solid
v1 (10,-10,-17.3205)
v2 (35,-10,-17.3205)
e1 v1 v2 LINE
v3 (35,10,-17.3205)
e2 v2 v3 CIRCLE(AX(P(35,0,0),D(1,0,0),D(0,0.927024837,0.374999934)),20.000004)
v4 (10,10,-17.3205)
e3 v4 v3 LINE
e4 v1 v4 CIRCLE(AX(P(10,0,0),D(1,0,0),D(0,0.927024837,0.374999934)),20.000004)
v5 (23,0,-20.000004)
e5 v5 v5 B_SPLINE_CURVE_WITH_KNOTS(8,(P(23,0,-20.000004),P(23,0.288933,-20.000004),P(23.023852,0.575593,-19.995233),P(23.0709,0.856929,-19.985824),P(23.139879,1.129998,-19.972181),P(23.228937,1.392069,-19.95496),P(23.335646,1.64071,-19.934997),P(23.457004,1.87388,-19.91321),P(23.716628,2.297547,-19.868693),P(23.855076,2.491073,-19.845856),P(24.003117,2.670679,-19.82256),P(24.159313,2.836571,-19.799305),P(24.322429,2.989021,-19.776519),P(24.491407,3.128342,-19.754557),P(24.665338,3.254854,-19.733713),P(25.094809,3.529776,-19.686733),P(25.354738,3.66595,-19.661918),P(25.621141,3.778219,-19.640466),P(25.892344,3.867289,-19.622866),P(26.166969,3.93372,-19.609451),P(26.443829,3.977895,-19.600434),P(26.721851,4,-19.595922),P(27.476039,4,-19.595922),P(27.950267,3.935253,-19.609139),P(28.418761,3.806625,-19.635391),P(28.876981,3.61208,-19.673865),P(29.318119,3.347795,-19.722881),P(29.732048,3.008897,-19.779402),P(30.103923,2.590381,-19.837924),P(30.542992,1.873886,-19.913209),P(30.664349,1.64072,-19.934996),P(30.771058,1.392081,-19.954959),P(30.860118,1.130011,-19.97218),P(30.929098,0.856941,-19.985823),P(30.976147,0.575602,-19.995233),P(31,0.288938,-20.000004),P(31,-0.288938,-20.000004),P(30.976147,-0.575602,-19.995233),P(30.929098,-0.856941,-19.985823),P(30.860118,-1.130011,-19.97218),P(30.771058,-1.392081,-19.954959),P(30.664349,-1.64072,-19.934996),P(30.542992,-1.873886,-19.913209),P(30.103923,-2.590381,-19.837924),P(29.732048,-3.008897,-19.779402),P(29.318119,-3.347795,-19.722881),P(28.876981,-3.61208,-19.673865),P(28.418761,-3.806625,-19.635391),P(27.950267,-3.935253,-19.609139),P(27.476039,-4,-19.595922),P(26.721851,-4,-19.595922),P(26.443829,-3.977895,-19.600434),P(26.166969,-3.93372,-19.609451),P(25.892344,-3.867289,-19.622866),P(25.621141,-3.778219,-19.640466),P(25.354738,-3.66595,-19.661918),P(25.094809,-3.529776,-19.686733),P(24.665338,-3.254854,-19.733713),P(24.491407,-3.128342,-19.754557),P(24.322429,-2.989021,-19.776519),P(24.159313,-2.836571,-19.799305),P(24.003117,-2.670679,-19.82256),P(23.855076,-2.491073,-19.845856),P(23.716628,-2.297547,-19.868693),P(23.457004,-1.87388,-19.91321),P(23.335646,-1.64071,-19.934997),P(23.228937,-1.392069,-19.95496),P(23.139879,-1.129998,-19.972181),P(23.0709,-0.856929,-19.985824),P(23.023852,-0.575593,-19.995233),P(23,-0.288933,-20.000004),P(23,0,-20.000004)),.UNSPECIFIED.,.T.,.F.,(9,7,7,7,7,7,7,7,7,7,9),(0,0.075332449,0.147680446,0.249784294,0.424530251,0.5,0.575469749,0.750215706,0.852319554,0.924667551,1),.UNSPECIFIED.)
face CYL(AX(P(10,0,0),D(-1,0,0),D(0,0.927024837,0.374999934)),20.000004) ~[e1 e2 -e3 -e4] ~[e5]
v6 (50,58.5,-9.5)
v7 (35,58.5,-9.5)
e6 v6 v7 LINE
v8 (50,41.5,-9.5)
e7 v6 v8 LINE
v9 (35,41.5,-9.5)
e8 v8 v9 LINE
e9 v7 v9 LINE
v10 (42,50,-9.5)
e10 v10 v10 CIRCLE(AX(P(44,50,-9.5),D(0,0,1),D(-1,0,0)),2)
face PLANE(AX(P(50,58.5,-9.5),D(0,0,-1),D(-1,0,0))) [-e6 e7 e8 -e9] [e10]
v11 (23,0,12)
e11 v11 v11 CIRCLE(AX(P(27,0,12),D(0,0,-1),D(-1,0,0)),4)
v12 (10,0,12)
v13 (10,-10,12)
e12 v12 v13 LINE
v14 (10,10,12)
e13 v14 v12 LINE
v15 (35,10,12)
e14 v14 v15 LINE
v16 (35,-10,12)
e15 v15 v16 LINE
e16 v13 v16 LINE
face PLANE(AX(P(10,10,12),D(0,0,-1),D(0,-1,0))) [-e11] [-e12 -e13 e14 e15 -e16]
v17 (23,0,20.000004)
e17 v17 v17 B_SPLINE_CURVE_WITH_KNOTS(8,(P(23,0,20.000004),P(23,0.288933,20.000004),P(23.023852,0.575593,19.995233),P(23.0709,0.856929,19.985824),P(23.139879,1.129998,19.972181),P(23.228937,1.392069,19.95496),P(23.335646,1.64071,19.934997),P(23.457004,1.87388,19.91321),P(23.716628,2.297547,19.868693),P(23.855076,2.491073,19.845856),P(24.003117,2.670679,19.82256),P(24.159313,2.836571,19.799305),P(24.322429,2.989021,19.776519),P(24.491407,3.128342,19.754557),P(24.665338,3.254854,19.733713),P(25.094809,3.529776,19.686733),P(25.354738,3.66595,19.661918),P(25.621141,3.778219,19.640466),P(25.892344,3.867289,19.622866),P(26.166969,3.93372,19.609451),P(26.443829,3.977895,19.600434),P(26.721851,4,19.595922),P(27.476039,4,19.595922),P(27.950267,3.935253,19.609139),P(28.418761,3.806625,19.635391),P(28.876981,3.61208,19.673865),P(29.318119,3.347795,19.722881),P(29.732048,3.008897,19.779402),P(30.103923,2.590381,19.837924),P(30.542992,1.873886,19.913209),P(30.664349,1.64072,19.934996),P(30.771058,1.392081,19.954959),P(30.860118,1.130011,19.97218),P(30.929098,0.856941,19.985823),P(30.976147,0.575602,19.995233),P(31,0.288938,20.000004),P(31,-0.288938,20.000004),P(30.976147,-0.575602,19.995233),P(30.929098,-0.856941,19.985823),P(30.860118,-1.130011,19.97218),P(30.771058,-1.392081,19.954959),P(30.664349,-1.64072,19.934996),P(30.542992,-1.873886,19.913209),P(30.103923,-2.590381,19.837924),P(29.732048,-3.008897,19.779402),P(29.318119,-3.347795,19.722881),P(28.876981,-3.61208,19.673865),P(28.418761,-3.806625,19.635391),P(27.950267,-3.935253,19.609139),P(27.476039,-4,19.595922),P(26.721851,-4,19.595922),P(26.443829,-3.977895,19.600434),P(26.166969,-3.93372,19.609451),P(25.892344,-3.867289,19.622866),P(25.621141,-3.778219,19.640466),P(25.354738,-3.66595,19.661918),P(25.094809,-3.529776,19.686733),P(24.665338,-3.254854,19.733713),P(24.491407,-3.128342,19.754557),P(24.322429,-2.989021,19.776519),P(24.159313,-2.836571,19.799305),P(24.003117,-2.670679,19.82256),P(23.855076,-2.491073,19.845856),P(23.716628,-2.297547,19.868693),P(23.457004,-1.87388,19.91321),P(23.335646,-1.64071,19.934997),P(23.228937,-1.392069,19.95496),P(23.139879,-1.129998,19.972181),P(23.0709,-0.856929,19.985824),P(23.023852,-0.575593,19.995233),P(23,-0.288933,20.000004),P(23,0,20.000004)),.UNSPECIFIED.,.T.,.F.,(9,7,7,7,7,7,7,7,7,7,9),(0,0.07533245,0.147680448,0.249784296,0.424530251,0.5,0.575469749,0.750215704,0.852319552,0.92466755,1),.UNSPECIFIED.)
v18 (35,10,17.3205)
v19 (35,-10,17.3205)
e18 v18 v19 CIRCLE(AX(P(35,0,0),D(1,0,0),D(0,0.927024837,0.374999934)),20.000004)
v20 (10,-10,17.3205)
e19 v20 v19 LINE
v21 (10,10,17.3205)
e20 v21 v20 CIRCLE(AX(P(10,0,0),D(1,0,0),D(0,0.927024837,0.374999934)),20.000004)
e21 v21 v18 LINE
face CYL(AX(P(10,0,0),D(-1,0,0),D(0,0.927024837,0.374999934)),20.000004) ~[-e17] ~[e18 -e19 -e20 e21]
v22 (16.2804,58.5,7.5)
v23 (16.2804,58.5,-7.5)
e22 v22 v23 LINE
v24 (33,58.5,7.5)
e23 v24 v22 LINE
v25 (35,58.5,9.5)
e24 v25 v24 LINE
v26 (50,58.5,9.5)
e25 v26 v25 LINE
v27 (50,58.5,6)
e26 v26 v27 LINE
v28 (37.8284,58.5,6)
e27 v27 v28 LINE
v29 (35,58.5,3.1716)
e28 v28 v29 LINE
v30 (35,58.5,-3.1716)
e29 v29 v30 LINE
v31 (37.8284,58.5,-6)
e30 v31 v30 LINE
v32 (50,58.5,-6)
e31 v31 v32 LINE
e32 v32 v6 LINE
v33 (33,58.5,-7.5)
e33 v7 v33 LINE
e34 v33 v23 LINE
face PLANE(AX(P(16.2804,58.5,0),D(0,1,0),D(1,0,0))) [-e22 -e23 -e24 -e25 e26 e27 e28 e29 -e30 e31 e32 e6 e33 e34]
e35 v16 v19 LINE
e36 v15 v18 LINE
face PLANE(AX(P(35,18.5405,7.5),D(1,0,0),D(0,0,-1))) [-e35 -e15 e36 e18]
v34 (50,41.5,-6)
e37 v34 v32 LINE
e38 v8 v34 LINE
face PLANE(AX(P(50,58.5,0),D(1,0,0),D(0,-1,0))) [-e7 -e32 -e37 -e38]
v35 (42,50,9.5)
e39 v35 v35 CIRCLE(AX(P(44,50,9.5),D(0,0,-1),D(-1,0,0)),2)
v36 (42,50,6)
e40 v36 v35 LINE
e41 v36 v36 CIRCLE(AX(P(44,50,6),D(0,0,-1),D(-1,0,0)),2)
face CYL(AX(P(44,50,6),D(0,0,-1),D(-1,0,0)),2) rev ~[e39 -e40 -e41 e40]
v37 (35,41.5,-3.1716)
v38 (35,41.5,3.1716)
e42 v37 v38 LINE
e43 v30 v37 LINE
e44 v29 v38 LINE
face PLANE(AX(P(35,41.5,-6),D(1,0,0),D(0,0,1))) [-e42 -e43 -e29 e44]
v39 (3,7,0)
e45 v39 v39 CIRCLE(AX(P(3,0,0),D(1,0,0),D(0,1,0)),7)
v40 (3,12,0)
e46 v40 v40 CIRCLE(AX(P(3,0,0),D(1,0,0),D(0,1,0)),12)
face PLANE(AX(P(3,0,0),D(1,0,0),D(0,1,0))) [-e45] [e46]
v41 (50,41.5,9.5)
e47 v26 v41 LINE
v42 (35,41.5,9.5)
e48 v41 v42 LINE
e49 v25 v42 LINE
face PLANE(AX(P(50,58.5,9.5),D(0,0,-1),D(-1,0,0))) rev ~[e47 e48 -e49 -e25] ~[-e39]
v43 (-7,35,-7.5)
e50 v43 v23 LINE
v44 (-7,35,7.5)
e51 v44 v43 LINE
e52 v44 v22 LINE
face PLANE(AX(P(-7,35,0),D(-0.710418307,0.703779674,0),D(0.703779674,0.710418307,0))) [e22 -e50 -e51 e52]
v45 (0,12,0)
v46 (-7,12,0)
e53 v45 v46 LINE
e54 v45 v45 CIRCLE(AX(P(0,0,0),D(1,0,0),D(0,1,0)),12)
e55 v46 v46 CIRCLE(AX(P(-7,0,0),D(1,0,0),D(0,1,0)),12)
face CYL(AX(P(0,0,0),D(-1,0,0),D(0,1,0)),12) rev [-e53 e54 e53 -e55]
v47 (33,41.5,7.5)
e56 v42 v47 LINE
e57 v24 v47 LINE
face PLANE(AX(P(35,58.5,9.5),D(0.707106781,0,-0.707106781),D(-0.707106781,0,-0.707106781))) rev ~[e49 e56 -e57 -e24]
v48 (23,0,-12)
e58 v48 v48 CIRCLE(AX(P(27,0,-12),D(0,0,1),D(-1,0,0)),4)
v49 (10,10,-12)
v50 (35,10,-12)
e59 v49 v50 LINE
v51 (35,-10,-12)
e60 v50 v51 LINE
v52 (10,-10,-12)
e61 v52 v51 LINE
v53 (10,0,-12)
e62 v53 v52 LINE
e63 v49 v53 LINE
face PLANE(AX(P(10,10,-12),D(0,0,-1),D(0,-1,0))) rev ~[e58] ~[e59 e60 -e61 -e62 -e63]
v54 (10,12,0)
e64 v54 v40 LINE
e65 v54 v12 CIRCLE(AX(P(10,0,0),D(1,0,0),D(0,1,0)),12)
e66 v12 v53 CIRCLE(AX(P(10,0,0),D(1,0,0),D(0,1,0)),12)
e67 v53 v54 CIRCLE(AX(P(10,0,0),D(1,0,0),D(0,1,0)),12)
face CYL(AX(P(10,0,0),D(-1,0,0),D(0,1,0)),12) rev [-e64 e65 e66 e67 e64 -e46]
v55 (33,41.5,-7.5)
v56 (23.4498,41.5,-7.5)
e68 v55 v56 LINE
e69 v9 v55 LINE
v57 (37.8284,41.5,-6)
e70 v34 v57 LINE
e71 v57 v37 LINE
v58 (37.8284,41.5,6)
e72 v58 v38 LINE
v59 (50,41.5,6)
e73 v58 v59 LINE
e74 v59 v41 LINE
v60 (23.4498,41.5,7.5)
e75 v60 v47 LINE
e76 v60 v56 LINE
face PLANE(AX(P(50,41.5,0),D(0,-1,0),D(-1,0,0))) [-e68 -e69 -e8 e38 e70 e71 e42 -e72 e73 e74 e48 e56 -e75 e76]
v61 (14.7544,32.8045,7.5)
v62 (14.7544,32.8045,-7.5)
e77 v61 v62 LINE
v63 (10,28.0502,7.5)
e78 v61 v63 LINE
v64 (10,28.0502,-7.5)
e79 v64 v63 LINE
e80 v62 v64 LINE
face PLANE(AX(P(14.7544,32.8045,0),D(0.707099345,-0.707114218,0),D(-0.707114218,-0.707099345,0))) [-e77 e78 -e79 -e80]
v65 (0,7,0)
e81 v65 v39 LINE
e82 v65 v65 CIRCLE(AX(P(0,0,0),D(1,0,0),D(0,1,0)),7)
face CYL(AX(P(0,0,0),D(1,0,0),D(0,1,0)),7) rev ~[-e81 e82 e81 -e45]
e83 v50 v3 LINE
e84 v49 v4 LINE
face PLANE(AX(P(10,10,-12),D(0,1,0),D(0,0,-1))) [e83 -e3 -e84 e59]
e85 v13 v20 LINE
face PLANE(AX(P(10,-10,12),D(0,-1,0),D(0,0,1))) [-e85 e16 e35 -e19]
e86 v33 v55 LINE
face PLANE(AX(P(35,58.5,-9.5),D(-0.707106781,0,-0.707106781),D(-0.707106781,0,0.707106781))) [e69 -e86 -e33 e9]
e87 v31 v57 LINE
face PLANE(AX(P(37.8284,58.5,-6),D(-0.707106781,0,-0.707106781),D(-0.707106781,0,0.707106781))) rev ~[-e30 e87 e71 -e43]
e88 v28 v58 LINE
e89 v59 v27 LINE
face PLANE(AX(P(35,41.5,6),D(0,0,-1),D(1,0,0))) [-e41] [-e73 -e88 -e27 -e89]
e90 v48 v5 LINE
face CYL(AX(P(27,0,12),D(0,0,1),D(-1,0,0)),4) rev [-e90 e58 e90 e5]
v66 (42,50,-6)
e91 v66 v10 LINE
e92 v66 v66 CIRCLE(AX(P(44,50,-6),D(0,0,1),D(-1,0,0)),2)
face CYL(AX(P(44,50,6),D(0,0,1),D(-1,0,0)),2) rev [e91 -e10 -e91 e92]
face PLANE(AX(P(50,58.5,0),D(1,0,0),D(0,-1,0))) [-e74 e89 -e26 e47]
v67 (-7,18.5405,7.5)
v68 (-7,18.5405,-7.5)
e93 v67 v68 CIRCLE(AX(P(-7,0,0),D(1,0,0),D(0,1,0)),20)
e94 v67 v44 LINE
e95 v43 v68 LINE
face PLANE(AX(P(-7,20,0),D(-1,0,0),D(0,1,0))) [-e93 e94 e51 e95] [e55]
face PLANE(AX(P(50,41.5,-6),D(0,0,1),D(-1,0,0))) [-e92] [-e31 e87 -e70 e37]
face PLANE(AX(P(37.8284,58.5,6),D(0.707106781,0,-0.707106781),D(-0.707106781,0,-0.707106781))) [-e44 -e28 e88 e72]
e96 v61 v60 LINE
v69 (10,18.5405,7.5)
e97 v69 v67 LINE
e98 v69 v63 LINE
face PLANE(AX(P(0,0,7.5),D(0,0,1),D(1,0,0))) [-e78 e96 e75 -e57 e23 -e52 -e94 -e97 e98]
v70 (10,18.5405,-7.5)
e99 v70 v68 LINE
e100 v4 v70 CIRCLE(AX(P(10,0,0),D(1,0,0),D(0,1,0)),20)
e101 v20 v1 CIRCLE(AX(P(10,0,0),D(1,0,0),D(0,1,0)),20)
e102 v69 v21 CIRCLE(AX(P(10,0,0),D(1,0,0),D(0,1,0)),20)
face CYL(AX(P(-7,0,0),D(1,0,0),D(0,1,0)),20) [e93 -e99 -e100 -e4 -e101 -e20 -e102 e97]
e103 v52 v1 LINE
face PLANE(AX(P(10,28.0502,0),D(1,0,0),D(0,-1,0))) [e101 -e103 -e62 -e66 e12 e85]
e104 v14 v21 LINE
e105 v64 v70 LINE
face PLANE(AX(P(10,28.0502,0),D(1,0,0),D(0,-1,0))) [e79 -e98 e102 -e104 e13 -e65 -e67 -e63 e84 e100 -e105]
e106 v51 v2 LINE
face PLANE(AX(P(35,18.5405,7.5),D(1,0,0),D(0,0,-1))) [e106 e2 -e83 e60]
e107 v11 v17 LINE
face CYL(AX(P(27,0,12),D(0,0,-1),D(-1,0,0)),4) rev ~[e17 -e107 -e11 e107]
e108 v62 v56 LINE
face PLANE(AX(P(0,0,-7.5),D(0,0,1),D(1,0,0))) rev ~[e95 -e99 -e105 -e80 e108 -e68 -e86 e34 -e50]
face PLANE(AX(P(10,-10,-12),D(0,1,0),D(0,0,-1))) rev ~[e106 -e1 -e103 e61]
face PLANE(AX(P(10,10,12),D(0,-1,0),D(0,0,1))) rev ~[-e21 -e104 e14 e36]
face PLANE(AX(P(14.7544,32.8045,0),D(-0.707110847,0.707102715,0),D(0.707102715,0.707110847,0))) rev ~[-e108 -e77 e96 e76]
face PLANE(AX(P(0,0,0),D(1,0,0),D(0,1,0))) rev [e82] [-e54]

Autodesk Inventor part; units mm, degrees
ref_plane "YZ Plane" through (0, 0, 0) normal (1, 0, 0) x (0, 1, 0)
sketch "Sketch1" plane through (0, 0, 0) normal (0, 0, 1) x (1, 0, 0)
  line L0 (0, 7) -> (3, 7)
  line L1 (3, 7) -> (0, 7)
  line L2 (0, 7) -> (0, 12)
  line L3 (0, 12) -> (-7, 12)
  line L4 (-7, 12) -> (-7, 20)
  line L5 (-7, 20) -> (10, 20)
  line L6 (10, 20) -> (10, 12)
  line L7 (10, 12) -> (3, 12)
  line L8 (3, 12) -> (3, 7)
  line L9 (-10.4, 0) -> (13.4, 0) projected
  point P0 (0, 0)
  dimension "d0" = 3
  dimension "d1" = 5
  dimension "d2" = 7
  dimension "d3" = 8
  dimension "d4" = 17
  dimension "d5" = 8
  dimension "d6" = 7
revolve "Revolution1" add sketch "Sketch1" angle 360 about axis through (-10, 0, 0) along (1, 0, 0)
ref_plane "Work Plane1" through (0, 0, 14) normal (0, 0, 1) x (1, 0, 0)
ref_plane "Work Plane2" through (0, 0, -14) normal (0, 0, 1) x (1, 0, 0)
sketch "Sketch46" plane through (0, 0, 14) normal (0, 0, 1) x (1, 0, 0)
  point P0 (0, 0)
sketch "Sketch47" plane through (0, 0, 0) normal (0, 0, 1) x (1, 0, 0)
  line L0 (0, 0) -> (51.7638, 0) construction
  line L1 (-7, 41.5) -> (-7, 41.6234)
  line L2 (-7, 20) -> (10, 20)
  line L3 (-7, 20) -> (10, 20) projected
  line L4 (0, 0) -> (70.7107, 0) construction
  line L5 (50, 58.5) -> (50, 41.5)
  line L6 (50, 41.5) -> (30, 41.5)
  line L7 (50, 58.5) -> (30, 58.5)
  line L8 (10, -20) -> (10, 20) projected
  line L9 (-7, -20) -> (-7, 20) projected
  line L10 (-7, 20) -> (-7, 35)
  line L11 (-7, 35) -> (16.2804, 58.5)
  line L12 (16.2804, 58.5) -> (30, 58.5)
  line L13 (14.7544, 32.8045) -> (10, 28.0502)
  line L14 (10, 28.0502) -> (10, 20)
  line L15 (-7, 20) -> (10, 20) projected
  line L16 (14.7544, 32.8045) -> (23.4498, 41.5)
  line L17 (23.4498, 41.5) -> (30, 41.5)
  line L18 (0, 0) -> (10, 10)
extrude "Extrusion42" add sketch "Sketch47" along normal mid plane 15
sketch "Sketch54" plane through (10, 0, 0) normal (1, 0, 0) x (0, 0, -1)
  arc A0 (7.5, 18.5405) -> (-7.5, 18.5405) centre (0, 0) ccw
  line L0 (-7.5, 20) -> (0, 20) projected
  line L1 (7.5, 20) -> (-7.5, 20)
  line L2 (-7.5, 20) -> (-7.5, 18.5405)
  line L3 (7.5, 20) -> (7.5, 18.5405)
  circle A1 centre (0, 0) radius 20 projected
extrude "Extrusion48" add sketch "Sketch54" against normal up to surface (17 mm away) contours A0 L1 L3 | A0 L2 L0
sketch "Sketch55" plane through (10, 18.5405, 7.5) normal (1, 0, 0) x (0, 0, -1)
  line L0 (19.5, -8.5405) -> (19.5, -28.5405)
  line L1 (19.5, -8.5405) -> (24.8205, -8.5405)
  line L2 (19.5, -28.5405) -> (24.8205, -28.5405)
  arc A0 (0, 0) -> (15, 0) centre (7.5, -18.5405) ccw projected
  line L3 (-4.5, -8.5405) -> (-4.5, -28.5405)
  line L4 (-4.5, -8.5405) -> (-9.8205, -8.5405)
  line L5 (-4.5, -28.5405) -> (-9.8205, -28.5405)
  arc A1 (24.8205, -28.5405) -> (24.8205, -8.5405) centre (7.5, -18.5405) ccw
  arc A2 (-9.8205, -8.5405) -> (-9.8205, -28.5405) centre (7.5, -18.5405) ccw
  point P0 (19.5, -18.5405)
extrude "Extrusion49" add sketch "Sketch55" along normal blind 25
sketch "Sketch56" plane through (10, -10, 12) normal (0, 0, -1) x (-1, 0, 0)
  circle A0 centre (-17, 10) radius 4
  line L0 (-25, 0) -> (-25, 20) projected
  point P0 (10, 10)
  point P1 (-25, 10)
  dimension "d298" = 8
  dimension "d299" = 8
extrude "Extrusion50" cut sketch "Sketch56" along normal through all both and the other way through all
sketch "Sketch57" plane through (23.4498, 41.5, 7.5) normal (0, -1, 0) x (1, 0, 0)
  line L0 (26.5502, -15) -> (26.5502, 0) projected
  line L1 (26.5502, -13.5) -> (11.5502, -13.5)
  line L2 (11.5502, -13.5) -> (11.5502, -1.5)
  line L3 (11.5502, -1.5) -> (26.5502, -1.5)
  line L4 (26.5502, -1.5) -> (26.5502, -13.5)
  point P0 (-23.4498, -7.5)
  point P1 (26.5502, -7.5)
  point P2 (11.5502, -7.5)
  dimension "d302" = 15
  dimension "d303" = 12
  dimension "d304" = 0
extrude "Extrusion51" cut sketch "Sketch57" against normal through all
sketch "Sketch59" plane through (0, 0, -7.5) normal (0, 0, -1) x (-1, 0, 0)
  point P0 (0, 0)
sketch "Sketch60" plane through (0, 0, -7.5) normal (0, 0, -1) x (-1, 0, 0)
  point P0 (0, 0)
sketch "Sketch62" plane through (16.2804, 58.5, -7.5) normal (0, 1, 0) x (1, 0, 0)
  line L0 (18.7196, -1.5) -> (33.7196, -1.5) projected
  line L1 (0, 0) -> (33.7196, 0) projected
  line L2 (18.7196, 0) -> (33.7196, 0)
  line L3 (33.7196, 0) -> (33.7196, 2)
  line L4 (33.7196, 2) -> (18.7196, 2)
  line L5 (33.7196, -15) -> (0, -15) projected
  line L6 (18.7196, -15) -> (33.7196, -15)
  line L7 (33.7196, -15) -> (33.7196, -17)
  line L8 (33.7196, -17) -> (18.7196, -17)
  line L9 (18.7196, 2) -> (16.7196, 0)
  line L10 (33.7196, 0) -> (7.1694, 0) projected
  line L11 (18.7196, 2) -> (21.548, 2) construction
  line L12 (18.7196, 0) -> (16.7196, 0)
  line L13 (18.7196, -17) -> (16.7196, -15)
  line L14 (18.7196, -15) -> (16.7196, -15)
  point P0 (-16.2804, -7.5)
  point P1 (16.7196, 0)
  dimension "d318" = 2
  dimension "d319" = 2
  dimension "d322" = 135
extrude "Extrusion53" add sketch "Sketch62" against normal up to surface (17 mm away)
sketch "Sketch63" plane through (50, 41.5, 6) normal (0, 0, -1) x (-1, 0, 0)
  circle A0 centre (6, 8.5) radius 2
  line L0 (0, 0) -> (0, 17) projected
  point P0 (50, -41.5)
  dimension "d323" = 4
  dimension "d324" = 6
extrude "Extrusion54" cut sketch "Sketch63" along normal through all both and the other way through all
sketch "Sketch64" plane through (16.2804, 58.5, 7.5) normal (0, 1, 0) x (1, 0, 0)
  line L0 (18.7196, 1.5) -> (33.7196, 1.5) projected
  line L1 (21.548, 1.5) -> (18.7196, 4.3284)
  line L2 (21.548, 1.5) -> (25.548, 1.5) construction
  line L3 (18.7196, 1.5) -> (18.7196, 13.5) projected
  line L4 (21.548, 1.5) -> (18.7196, 1.5)
  line L5 (18.7196, 13.5) -> (33.7196, 13.5) projected
  line L6 (21.548, 13.5) -> (18.7196, 10.6716)
  line L7 (21.548, 13.5) -> (25.548, 13.5) construction
  line L8 (18.7196, 13.5) -> (18.7196, 1.5) projected
  line L9 (18.7196, 10.6716) -> (18.7196, 13.5)
  line L10 (18.7196, 13.5) -> (21.548, 13.5)
  line L11 (18.7196, 1.5) -> (18.7196, 4.3284)
  point P0 (-16.2804, 7.5)
  point P1 (18.7196, 4.3284)
  dimension "d327" = 4
  dimension "d328" = 135
  dimension "d329" = 0
  dimension "d330" = 135
  dimension "d331" = 4
  dimension "d332" = 0
extrude "Extrusion55" add sketch "Sketch64" against normal up to surface (17 mm away)
properties part number "Wheel hub left ver 2"
